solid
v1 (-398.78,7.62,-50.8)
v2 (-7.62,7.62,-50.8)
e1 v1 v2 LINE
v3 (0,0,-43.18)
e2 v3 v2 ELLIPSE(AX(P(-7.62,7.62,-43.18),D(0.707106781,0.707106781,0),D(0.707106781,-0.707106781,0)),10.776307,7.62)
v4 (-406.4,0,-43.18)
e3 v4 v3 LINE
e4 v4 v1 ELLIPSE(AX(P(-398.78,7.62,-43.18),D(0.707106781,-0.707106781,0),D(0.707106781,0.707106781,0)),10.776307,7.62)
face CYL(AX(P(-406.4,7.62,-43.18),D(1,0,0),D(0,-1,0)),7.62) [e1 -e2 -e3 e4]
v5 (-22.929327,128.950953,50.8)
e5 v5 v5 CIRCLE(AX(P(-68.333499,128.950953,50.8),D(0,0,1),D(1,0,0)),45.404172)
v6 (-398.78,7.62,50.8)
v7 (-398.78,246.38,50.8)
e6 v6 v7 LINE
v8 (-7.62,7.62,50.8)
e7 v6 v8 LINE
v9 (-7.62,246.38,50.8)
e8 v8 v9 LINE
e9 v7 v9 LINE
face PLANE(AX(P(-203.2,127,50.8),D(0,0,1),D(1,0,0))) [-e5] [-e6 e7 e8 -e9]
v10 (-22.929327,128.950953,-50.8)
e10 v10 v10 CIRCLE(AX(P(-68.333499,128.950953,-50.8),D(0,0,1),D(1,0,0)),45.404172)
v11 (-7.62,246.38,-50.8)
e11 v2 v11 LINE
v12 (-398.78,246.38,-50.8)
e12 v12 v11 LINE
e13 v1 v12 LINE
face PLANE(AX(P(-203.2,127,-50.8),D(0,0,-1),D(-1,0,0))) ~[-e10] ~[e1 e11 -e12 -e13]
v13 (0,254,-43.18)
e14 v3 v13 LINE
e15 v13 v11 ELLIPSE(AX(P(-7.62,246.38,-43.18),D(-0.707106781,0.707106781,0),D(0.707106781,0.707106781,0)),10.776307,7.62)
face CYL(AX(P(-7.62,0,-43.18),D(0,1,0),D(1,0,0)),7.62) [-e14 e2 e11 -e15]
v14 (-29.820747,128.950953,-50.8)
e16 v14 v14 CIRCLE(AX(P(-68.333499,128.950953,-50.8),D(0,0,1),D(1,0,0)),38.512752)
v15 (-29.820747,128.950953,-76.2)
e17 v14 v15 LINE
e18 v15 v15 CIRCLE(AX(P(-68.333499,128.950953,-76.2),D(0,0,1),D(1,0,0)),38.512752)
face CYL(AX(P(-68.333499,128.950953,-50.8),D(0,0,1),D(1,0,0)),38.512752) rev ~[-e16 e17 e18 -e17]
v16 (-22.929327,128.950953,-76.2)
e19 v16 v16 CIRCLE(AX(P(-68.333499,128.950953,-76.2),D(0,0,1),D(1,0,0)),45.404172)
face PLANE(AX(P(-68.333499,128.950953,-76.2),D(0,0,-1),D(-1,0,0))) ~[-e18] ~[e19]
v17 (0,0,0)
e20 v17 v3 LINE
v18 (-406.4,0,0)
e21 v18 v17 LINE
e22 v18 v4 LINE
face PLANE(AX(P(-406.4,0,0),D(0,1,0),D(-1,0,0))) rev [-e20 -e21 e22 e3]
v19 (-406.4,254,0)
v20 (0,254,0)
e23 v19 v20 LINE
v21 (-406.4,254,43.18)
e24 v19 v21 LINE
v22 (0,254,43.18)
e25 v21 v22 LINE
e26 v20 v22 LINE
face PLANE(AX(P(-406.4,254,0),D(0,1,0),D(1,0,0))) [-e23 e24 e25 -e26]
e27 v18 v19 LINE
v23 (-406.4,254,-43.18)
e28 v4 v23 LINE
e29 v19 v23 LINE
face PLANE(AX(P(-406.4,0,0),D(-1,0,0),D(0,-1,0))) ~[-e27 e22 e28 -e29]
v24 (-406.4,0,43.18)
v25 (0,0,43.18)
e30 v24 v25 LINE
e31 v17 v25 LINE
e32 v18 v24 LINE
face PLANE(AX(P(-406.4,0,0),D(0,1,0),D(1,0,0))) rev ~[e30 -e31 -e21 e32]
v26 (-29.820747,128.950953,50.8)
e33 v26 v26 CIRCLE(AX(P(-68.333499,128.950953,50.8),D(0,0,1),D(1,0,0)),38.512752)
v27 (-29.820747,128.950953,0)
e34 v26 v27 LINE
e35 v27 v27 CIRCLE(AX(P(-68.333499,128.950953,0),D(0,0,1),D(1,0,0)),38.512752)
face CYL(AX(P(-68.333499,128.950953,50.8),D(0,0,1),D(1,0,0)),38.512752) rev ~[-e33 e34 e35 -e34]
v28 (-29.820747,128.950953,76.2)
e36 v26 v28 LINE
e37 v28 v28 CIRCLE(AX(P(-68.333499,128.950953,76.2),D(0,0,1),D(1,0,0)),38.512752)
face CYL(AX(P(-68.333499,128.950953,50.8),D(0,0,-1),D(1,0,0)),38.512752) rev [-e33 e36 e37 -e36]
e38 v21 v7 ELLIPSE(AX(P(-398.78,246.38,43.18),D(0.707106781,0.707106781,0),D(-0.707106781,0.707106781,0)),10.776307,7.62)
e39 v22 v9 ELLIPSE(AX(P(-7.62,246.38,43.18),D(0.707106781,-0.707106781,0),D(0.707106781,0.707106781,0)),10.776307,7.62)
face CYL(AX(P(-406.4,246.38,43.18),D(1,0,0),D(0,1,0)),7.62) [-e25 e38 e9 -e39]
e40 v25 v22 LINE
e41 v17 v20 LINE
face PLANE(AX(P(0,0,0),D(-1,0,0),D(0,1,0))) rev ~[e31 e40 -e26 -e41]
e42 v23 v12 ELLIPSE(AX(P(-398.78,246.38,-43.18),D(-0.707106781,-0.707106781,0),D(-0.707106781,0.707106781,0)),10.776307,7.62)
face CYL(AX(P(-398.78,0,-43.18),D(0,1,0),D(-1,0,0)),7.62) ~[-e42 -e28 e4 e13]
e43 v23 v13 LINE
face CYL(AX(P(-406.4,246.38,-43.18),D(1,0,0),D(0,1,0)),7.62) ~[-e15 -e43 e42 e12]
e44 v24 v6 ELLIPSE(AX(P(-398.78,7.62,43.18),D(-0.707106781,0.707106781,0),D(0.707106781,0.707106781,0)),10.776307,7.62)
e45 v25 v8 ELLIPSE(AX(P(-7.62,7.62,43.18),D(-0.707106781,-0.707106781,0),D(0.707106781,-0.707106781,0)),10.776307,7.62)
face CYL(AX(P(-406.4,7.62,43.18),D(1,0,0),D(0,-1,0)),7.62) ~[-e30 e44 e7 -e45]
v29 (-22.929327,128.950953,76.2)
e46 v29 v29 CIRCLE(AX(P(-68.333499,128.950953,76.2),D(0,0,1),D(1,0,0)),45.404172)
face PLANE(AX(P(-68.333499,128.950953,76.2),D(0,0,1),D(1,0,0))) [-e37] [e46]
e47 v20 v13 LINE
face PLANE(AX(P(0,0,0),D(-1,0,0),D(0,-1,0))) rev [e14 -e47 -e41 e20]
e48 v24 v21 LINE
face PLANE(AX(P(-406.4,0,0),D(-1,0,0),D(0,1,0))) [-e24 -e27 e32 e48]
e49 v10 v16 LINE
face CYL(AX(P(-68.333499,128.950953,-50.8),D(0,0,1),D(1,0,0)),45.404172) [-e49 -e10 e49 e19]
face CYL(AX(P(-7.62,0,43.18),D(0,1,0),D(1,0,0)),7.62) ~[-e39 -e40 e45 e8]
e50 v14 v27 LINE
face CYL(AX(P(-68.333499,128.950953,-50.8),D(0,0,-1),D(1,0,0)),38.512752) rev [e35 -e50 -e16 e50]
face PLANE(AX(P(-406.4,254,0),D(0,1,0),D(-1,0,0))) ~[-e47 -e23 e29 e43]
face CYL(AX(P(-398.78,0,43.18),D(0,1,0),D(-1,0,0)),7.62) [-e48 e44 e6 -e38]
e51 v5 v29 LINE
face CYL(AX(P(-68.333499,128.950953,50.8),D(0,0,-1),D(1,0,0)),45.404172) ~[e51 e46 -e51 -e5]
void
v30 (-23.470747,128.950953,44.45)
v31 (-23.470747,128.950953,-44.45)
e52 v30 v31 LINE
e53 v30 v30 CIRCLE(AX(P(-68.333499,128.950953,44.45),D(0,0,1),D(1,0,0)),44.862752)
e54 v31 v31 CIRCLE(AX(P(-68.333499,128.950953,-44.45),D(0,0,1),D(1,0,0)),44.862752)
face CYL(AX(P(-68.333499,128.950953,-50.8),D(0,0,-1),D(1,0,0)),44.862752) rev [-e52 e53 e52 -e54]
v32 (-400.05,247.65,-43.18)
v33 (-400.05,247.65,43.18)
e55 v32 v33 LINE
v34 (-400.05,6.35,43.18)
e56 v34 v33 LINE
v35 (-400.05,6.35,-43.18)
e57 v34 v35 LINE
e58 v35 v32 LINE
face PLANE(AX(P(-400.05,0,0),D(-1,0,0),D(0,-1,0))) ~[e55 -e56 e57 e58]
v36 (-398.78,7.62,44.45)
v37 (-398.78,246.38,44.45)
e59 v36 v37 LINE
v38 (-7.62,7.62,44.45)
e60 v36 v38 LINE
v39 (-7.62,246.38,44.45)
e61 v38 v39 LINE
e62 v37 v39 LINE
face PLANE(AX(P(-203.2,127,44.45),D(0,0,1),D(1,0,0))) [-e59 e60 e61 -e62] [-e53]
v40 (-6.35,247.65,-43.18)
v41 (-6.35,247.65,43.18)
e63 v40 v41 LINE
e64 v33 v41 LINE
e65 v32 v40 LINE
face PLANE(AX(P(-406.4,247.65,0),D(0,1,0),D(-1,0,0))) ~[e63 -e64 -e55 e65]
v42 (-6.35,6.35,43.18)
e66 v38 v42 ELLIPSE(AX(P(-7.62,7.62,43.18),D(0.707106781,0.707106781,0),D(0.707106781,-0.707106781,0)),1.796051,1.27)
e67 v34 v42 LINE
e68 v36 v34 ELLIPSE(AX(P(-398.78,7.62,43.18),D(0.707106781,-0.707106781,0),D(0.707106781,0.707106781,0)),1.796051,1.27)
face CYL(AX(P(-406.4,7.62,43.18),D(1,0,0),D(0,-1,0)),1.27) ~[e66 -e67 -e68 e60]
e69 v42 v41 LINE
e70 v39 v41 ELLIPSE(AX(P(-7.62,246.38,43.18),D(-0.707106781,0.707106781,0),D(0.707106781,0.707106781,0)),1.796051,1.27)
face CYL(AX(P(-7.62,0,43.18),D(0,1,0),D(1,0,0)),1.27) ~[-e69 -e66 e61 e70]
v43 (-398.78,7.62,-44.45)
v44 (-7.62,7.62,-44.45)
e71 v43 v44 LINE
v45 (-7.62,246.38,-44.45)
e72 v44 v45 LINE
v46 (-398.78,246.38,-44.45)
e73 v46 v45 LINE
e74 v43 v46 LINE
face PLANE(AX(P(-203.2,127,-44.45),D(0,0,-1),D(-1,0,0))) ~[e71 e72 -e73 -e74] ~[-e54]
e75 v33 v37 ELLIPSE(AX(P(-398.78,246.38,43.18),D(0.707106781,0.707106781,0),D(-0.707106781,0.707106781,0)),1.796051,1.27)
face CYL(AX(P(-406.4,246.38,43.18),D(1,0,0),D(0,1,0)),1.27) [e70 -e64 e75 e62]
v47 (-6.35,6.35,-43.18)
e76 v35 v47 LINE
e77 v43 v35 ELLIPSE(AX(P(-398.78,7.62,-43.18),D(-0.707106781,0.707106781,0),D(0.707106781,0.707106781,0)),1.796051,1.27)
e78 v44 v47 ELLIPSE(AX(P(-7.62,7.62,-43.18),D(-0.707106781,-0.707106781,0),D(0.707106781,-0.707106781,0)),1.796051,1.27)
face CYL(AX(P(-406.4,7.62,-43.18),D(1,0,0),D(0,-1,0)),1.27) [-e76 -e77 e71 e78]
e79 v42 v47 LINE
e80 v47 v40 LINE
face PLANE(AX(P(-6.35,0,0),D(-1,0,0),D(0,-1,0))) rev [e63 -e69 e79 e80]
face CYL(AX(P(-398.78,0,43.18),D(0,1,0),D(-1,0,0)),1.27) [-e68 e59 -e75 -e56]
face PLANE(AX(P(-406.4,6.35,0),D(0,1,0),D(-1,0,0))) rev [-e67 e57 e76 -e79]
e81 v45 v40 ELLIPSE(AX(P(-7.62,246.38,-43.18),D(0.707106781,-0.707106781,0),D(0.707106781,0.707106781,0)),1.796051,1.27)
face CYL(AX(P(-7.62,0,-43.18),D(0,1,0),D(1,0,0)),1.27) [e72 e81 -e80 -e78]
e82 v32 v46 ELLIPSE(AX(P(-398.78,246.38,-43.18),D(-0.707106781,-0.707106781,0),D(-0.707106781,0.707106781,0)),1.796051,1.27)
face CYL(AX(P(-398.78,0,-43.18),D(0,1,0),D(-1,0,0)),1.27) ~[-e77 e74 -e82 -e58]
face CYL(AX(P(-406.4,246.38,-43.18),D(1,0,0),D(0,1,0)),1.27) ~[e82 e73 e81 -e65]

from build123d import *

# Parameters (mm, degrees)
F0_W     = 406.4
F0_H     = 254
F1_DEPTH = 50.8
F2_R     = 7.62
F3_R     = 38.512752
F4_DEPTH = 50.801
F5_T     = -6.35
F6_R     = 45.404172
F6_R_2   = 38.512752
F7_DEPTH = 25.4


with BuildPart() as f1:
    # F0 (on Top) → F1 (new body)
    with BuildSketch(Plane.XY):
        with Locations((-203.2, 127)):
            Rectangle(F0_W, F0_H)
    extrude(amount=F1_DEPTH)

    # F2
    f2_edges = [f1.edges().sort_by_distance(p)[0] for p in [
        (-406.4, 127, 50.8),
        (-203.2, 0, 50.8),
        (0, 127, 50.8),
        (-203.2, 254, 50.8),
    ]]
    fillet(f2_edges, radius=F2_R)

    # F3 (on face) → F4 (cut, through all)
    with BuildSketch(Plane.XY.offset(50.8)):
        with Locations((-68.333499, 128.950953)):
            Circle(F3_R)
    extrude(amount=-F4_DEPTH, mode=Mode.SUBTRACT)

    # F5
    f5_openings = [f1.faces().sort_by_distance(p)[0] for p in [
        (-209.575826, 126.907769, 0),
    ]]
    offset(amount=F5_T, openings=f5_openings)

    # F6 (on face) → F7 (join)
    with BuildSketch(Plane.XY.offset(50.8)):
        with Locations((-68.333499, 128.950953)):
            Circle(F6_R)
        with Locations((-68.333499, 128.950953)):
            Circle(F6_R_2, mode=Mode.SUBTRACT)
    extrude(amount=F7_DEPTH)

    # F8: F1 across plane


with BuildPart() as f1_1:
    add(f1.part)
    add(f1.part.mirror(Plane.XY))


solid = f1_1.part
